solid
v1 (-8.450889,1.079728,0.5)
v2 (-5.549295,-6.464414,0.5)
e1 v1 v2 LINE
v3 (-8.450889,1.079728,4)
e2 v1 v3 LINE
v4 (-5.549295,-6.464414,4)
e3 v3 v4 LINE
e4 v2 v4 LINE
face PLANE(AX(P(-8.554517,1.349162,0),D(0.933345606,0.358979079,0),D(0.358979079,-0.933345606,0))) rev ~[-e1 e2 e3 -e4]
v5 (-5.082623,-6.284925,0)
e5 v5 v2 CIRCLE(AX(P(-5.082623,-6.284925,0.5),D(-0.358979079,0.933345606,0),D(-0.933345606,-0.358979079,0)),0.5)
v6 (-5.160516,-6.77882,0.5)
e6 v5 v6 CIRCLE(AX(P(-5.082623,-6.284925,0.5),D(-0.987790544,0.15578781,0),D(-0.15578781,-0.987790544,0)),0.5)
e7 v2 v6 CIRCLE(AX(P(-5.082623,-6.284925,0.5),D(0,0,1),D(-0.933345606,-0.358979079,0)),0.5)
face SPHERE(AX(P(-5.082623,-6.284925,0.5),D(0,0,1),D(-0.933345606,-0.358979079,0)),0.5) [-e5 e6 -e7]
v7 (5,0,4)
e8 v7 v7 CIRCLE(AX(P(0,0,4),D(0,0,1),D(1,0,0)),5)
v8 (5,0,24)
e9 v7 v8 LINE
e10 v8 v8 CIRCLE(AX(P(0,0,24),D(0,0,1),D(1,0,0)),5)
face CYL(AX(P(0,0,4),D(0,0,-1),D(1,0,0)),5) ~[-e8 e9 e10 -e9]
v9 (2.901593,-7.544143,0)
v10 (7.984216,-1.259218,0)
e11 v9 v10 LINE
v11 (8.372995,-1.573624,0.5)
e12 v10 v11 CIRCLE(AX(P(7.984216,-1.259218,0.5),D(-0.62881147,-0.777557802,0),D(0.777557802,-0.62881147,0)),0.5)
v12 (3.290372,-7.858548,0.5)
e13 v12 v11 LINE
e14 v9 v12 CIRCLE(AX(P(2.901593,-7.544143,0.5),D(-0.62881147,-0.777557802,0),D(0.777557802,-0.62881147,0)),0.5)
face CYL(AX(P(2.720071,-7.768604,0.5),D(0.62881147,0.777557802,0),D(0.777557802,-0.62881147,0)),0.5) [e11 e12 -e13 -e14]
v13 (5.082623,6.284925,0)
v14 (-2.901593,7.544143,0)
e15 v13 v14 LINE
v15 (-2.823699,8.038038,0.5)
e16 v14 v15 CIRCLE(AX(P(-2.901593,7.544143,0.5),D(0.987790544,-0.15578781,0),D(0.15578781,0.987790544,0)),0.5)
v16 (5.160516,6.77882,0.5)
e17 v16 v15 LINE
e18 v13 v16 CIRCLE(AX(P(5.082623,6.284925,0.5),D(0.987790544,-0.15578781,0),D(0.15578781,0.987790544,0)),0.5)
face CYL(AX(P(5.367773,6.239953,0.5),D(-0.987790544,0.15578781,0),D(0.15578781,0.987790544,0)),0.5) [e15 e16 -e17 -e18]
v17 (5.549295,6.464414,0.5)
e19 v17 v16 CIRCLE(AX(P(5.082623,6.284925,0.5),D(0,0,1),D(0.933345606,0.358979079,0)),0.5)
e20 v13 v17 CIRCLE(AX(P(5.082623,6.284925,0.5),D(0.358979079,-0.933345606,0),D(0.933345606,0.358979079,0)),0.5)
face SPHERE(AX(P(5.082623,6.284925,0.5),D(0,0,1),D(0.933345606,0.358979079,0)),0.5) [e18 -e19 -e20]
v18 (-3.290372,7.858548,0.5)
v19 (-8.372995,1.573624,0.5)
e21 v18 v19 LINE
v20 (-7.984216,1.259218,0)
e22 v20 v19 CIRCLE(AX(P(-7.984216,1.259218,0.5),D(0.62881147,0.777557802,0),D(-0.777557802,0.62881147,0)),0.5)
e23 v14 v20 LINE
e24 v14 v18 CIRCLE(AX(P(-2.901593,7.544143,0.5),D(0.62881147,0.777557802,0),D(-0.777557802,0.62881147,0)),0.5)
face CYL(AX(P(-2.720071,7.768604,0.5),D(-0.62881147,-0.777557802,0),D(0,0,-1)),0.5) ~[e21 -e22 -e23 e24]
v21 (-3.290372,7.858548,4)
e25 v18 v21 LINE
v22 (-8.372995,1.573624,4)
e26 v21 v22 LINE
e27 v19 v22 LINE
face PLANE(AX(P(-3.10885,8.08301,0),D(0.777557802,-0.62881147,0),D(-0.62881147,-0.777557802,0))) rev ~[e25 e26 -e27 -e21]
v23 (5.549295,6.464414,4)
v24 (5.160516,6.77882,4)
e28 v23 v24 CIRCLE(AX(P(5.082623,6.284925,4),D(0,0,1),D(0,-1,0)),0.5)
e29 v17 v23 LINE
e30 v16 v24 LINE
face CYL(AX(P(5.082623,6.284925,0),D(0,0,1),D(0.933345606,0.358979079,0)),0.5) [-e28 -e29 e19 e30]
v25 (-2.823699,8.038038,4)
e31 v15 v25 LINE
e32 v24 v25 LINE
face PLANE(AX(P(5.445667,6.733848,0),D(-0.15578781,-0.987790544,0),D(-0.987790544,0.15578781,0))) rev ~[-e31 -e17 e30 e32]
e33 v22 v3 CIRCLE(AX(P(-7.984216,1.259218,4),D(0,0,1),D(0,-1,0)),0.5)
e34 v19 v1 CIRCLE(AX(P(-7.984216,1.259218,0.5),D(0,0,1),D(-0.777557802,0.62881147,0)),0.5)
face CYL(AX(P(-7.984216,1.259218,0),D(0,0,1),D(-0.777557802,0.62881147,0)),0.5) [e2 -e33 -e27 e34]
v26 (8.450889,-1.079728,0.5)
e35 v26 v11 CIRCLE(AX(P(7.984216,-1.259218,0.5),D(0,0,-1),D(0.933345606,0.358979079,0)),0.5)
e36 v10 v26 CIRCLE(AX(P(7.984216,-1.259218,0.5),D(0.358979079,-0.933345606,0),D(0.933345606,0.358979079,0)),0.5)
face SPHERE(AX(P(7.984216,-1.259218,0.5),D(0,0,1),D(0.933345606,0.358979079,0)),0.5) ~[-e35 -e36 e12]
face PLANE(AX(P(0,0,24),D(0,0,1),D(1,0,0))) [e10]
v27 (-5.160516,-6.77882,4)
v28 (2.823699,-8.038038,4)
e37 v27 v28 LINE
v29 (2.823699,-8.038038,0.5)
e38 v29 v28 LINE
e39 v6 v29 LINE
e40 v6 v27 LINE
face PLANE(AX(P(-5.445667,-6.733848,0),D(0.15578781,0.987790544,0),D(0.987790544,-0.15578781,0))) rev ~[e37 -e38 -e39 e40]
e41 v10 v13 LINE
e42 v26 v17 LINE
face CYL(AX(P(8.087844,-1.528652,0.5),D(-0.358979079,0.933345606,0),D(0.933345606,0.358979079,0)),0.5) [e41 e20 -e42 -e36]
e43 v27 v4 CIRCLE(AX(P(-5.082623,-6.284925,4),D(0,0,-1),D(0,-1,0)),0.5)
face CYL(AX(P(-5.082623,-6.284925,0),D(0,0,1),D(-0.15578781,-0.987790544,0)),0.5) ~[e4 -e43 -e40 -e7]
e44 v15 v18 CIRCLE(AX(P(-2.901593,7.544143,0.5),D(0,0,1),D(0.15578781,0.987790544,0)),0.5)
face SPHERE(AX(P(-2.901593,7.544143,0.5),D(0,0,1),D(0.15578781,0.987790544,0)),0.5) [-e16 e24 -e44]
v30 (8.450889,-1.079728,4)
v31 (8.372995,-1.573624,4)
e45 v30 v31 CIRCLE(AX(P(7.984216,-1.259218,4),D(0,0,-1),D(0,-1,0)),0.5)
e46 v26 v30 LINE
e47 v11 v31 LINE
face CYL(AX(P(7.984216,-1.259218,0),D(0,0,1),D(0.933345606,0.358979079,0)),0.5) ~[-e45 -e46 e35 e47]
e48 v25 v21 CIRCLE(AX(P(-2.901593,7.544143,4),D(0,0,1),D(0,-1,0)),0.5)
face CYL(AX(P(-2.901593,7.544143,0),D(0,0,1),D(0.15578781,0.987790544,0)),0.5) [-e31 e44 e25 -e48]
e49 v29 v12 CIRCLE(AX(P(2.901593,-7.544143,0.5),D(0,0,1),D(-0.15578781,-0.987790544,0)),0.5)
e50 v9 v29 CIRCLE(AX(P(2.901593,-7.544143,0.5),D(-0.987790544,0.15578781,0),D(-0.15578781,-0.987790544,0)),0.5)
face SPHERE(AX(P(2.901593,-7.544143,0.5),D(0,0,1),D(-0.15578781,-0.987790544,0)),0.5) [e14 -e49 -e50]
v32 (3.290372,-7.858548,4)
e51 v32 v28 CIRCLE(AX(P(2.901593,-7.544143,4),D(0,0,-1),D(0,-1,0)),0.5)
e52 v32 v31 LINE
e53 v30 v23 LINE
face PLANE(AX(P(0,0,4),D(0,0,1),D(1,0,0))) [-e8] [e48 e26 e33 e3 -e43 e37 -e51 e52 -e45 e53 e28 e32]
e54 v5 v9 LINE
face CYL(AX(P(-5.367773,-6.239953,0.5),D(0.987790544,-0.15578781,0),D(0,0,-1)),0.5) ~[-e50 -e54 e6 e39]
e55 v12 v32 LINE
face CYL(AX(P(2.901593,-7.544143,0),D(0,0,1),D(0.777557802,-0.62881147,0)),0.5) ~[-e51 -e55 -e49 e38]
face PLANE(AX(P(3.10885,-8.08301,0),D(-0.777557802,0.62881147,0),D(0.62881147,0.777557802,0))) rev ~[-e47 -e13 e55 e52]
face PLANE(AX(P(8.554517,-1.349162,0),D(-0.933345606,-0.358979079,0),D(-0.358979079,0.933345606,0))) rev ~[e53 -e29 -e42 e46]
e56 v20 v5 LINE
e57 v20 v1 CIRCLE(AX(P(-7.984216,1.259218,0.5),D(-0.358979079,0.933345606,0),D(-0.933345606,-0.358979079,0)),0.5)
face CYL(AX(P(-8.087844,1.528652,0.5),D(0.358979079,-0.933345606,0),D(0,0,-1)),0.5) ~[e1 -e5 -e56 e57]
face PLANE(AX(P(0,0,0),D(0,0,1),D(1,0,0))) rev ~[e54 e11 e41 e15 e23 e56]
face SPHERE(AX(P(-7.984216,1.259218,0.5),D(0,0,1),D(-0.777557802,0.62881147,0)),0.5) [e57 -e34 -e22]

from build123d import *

# Parameters (mm, degrees)
F1_DEPTH = 4
F2_R     = 5
F3_DEPTH = 20
F4_R     = 0.5


with BuildPart() as f1:
    # F0 (on Top) → F1 (new body)
    with BuildSketch(Plane.XY):
        Polygon((8.554517, -1.349162), (5.445667, 6.733848), (-3.10885, 8.08301), (-8.554517, 1.349162), (-5.445667, -6.733848), (3.10885, -8.08301), align=None)
    extrude(amount=F1_DEPTH)

    # F2 (on face) → F3 (join)
    with BuildSketch(Plane.XY.offset(4)):
        Circle(F2_R)
    extrude(amount=F3_DEPTH)

    # F4
    f4_edges = [f1.edges().sort_by_distance(p)[0] for p in [
        (7.000092, 2.692343, 0),
        (1.168409, 7.408429, 0),
        (-5.831684, 4.716086, 0),
        (-7.000092, -2.692343, 0),
        (-1.168409, -7.408429, 0),
        (5.831684, -4.716086, 0),
        (8.554517, -1.349162, 2),
        (5.445667, 6.733848, 2),
        (-3.10885, 8.08301, 2),
        (3.10885, -8.08301, 2),
        (-8.554517, 1.349162, 2),
        (-5.445667, -6.733848, 2),
    ]]
    fillet(f4_edges, radius=F4_R)


solid = f1.part
